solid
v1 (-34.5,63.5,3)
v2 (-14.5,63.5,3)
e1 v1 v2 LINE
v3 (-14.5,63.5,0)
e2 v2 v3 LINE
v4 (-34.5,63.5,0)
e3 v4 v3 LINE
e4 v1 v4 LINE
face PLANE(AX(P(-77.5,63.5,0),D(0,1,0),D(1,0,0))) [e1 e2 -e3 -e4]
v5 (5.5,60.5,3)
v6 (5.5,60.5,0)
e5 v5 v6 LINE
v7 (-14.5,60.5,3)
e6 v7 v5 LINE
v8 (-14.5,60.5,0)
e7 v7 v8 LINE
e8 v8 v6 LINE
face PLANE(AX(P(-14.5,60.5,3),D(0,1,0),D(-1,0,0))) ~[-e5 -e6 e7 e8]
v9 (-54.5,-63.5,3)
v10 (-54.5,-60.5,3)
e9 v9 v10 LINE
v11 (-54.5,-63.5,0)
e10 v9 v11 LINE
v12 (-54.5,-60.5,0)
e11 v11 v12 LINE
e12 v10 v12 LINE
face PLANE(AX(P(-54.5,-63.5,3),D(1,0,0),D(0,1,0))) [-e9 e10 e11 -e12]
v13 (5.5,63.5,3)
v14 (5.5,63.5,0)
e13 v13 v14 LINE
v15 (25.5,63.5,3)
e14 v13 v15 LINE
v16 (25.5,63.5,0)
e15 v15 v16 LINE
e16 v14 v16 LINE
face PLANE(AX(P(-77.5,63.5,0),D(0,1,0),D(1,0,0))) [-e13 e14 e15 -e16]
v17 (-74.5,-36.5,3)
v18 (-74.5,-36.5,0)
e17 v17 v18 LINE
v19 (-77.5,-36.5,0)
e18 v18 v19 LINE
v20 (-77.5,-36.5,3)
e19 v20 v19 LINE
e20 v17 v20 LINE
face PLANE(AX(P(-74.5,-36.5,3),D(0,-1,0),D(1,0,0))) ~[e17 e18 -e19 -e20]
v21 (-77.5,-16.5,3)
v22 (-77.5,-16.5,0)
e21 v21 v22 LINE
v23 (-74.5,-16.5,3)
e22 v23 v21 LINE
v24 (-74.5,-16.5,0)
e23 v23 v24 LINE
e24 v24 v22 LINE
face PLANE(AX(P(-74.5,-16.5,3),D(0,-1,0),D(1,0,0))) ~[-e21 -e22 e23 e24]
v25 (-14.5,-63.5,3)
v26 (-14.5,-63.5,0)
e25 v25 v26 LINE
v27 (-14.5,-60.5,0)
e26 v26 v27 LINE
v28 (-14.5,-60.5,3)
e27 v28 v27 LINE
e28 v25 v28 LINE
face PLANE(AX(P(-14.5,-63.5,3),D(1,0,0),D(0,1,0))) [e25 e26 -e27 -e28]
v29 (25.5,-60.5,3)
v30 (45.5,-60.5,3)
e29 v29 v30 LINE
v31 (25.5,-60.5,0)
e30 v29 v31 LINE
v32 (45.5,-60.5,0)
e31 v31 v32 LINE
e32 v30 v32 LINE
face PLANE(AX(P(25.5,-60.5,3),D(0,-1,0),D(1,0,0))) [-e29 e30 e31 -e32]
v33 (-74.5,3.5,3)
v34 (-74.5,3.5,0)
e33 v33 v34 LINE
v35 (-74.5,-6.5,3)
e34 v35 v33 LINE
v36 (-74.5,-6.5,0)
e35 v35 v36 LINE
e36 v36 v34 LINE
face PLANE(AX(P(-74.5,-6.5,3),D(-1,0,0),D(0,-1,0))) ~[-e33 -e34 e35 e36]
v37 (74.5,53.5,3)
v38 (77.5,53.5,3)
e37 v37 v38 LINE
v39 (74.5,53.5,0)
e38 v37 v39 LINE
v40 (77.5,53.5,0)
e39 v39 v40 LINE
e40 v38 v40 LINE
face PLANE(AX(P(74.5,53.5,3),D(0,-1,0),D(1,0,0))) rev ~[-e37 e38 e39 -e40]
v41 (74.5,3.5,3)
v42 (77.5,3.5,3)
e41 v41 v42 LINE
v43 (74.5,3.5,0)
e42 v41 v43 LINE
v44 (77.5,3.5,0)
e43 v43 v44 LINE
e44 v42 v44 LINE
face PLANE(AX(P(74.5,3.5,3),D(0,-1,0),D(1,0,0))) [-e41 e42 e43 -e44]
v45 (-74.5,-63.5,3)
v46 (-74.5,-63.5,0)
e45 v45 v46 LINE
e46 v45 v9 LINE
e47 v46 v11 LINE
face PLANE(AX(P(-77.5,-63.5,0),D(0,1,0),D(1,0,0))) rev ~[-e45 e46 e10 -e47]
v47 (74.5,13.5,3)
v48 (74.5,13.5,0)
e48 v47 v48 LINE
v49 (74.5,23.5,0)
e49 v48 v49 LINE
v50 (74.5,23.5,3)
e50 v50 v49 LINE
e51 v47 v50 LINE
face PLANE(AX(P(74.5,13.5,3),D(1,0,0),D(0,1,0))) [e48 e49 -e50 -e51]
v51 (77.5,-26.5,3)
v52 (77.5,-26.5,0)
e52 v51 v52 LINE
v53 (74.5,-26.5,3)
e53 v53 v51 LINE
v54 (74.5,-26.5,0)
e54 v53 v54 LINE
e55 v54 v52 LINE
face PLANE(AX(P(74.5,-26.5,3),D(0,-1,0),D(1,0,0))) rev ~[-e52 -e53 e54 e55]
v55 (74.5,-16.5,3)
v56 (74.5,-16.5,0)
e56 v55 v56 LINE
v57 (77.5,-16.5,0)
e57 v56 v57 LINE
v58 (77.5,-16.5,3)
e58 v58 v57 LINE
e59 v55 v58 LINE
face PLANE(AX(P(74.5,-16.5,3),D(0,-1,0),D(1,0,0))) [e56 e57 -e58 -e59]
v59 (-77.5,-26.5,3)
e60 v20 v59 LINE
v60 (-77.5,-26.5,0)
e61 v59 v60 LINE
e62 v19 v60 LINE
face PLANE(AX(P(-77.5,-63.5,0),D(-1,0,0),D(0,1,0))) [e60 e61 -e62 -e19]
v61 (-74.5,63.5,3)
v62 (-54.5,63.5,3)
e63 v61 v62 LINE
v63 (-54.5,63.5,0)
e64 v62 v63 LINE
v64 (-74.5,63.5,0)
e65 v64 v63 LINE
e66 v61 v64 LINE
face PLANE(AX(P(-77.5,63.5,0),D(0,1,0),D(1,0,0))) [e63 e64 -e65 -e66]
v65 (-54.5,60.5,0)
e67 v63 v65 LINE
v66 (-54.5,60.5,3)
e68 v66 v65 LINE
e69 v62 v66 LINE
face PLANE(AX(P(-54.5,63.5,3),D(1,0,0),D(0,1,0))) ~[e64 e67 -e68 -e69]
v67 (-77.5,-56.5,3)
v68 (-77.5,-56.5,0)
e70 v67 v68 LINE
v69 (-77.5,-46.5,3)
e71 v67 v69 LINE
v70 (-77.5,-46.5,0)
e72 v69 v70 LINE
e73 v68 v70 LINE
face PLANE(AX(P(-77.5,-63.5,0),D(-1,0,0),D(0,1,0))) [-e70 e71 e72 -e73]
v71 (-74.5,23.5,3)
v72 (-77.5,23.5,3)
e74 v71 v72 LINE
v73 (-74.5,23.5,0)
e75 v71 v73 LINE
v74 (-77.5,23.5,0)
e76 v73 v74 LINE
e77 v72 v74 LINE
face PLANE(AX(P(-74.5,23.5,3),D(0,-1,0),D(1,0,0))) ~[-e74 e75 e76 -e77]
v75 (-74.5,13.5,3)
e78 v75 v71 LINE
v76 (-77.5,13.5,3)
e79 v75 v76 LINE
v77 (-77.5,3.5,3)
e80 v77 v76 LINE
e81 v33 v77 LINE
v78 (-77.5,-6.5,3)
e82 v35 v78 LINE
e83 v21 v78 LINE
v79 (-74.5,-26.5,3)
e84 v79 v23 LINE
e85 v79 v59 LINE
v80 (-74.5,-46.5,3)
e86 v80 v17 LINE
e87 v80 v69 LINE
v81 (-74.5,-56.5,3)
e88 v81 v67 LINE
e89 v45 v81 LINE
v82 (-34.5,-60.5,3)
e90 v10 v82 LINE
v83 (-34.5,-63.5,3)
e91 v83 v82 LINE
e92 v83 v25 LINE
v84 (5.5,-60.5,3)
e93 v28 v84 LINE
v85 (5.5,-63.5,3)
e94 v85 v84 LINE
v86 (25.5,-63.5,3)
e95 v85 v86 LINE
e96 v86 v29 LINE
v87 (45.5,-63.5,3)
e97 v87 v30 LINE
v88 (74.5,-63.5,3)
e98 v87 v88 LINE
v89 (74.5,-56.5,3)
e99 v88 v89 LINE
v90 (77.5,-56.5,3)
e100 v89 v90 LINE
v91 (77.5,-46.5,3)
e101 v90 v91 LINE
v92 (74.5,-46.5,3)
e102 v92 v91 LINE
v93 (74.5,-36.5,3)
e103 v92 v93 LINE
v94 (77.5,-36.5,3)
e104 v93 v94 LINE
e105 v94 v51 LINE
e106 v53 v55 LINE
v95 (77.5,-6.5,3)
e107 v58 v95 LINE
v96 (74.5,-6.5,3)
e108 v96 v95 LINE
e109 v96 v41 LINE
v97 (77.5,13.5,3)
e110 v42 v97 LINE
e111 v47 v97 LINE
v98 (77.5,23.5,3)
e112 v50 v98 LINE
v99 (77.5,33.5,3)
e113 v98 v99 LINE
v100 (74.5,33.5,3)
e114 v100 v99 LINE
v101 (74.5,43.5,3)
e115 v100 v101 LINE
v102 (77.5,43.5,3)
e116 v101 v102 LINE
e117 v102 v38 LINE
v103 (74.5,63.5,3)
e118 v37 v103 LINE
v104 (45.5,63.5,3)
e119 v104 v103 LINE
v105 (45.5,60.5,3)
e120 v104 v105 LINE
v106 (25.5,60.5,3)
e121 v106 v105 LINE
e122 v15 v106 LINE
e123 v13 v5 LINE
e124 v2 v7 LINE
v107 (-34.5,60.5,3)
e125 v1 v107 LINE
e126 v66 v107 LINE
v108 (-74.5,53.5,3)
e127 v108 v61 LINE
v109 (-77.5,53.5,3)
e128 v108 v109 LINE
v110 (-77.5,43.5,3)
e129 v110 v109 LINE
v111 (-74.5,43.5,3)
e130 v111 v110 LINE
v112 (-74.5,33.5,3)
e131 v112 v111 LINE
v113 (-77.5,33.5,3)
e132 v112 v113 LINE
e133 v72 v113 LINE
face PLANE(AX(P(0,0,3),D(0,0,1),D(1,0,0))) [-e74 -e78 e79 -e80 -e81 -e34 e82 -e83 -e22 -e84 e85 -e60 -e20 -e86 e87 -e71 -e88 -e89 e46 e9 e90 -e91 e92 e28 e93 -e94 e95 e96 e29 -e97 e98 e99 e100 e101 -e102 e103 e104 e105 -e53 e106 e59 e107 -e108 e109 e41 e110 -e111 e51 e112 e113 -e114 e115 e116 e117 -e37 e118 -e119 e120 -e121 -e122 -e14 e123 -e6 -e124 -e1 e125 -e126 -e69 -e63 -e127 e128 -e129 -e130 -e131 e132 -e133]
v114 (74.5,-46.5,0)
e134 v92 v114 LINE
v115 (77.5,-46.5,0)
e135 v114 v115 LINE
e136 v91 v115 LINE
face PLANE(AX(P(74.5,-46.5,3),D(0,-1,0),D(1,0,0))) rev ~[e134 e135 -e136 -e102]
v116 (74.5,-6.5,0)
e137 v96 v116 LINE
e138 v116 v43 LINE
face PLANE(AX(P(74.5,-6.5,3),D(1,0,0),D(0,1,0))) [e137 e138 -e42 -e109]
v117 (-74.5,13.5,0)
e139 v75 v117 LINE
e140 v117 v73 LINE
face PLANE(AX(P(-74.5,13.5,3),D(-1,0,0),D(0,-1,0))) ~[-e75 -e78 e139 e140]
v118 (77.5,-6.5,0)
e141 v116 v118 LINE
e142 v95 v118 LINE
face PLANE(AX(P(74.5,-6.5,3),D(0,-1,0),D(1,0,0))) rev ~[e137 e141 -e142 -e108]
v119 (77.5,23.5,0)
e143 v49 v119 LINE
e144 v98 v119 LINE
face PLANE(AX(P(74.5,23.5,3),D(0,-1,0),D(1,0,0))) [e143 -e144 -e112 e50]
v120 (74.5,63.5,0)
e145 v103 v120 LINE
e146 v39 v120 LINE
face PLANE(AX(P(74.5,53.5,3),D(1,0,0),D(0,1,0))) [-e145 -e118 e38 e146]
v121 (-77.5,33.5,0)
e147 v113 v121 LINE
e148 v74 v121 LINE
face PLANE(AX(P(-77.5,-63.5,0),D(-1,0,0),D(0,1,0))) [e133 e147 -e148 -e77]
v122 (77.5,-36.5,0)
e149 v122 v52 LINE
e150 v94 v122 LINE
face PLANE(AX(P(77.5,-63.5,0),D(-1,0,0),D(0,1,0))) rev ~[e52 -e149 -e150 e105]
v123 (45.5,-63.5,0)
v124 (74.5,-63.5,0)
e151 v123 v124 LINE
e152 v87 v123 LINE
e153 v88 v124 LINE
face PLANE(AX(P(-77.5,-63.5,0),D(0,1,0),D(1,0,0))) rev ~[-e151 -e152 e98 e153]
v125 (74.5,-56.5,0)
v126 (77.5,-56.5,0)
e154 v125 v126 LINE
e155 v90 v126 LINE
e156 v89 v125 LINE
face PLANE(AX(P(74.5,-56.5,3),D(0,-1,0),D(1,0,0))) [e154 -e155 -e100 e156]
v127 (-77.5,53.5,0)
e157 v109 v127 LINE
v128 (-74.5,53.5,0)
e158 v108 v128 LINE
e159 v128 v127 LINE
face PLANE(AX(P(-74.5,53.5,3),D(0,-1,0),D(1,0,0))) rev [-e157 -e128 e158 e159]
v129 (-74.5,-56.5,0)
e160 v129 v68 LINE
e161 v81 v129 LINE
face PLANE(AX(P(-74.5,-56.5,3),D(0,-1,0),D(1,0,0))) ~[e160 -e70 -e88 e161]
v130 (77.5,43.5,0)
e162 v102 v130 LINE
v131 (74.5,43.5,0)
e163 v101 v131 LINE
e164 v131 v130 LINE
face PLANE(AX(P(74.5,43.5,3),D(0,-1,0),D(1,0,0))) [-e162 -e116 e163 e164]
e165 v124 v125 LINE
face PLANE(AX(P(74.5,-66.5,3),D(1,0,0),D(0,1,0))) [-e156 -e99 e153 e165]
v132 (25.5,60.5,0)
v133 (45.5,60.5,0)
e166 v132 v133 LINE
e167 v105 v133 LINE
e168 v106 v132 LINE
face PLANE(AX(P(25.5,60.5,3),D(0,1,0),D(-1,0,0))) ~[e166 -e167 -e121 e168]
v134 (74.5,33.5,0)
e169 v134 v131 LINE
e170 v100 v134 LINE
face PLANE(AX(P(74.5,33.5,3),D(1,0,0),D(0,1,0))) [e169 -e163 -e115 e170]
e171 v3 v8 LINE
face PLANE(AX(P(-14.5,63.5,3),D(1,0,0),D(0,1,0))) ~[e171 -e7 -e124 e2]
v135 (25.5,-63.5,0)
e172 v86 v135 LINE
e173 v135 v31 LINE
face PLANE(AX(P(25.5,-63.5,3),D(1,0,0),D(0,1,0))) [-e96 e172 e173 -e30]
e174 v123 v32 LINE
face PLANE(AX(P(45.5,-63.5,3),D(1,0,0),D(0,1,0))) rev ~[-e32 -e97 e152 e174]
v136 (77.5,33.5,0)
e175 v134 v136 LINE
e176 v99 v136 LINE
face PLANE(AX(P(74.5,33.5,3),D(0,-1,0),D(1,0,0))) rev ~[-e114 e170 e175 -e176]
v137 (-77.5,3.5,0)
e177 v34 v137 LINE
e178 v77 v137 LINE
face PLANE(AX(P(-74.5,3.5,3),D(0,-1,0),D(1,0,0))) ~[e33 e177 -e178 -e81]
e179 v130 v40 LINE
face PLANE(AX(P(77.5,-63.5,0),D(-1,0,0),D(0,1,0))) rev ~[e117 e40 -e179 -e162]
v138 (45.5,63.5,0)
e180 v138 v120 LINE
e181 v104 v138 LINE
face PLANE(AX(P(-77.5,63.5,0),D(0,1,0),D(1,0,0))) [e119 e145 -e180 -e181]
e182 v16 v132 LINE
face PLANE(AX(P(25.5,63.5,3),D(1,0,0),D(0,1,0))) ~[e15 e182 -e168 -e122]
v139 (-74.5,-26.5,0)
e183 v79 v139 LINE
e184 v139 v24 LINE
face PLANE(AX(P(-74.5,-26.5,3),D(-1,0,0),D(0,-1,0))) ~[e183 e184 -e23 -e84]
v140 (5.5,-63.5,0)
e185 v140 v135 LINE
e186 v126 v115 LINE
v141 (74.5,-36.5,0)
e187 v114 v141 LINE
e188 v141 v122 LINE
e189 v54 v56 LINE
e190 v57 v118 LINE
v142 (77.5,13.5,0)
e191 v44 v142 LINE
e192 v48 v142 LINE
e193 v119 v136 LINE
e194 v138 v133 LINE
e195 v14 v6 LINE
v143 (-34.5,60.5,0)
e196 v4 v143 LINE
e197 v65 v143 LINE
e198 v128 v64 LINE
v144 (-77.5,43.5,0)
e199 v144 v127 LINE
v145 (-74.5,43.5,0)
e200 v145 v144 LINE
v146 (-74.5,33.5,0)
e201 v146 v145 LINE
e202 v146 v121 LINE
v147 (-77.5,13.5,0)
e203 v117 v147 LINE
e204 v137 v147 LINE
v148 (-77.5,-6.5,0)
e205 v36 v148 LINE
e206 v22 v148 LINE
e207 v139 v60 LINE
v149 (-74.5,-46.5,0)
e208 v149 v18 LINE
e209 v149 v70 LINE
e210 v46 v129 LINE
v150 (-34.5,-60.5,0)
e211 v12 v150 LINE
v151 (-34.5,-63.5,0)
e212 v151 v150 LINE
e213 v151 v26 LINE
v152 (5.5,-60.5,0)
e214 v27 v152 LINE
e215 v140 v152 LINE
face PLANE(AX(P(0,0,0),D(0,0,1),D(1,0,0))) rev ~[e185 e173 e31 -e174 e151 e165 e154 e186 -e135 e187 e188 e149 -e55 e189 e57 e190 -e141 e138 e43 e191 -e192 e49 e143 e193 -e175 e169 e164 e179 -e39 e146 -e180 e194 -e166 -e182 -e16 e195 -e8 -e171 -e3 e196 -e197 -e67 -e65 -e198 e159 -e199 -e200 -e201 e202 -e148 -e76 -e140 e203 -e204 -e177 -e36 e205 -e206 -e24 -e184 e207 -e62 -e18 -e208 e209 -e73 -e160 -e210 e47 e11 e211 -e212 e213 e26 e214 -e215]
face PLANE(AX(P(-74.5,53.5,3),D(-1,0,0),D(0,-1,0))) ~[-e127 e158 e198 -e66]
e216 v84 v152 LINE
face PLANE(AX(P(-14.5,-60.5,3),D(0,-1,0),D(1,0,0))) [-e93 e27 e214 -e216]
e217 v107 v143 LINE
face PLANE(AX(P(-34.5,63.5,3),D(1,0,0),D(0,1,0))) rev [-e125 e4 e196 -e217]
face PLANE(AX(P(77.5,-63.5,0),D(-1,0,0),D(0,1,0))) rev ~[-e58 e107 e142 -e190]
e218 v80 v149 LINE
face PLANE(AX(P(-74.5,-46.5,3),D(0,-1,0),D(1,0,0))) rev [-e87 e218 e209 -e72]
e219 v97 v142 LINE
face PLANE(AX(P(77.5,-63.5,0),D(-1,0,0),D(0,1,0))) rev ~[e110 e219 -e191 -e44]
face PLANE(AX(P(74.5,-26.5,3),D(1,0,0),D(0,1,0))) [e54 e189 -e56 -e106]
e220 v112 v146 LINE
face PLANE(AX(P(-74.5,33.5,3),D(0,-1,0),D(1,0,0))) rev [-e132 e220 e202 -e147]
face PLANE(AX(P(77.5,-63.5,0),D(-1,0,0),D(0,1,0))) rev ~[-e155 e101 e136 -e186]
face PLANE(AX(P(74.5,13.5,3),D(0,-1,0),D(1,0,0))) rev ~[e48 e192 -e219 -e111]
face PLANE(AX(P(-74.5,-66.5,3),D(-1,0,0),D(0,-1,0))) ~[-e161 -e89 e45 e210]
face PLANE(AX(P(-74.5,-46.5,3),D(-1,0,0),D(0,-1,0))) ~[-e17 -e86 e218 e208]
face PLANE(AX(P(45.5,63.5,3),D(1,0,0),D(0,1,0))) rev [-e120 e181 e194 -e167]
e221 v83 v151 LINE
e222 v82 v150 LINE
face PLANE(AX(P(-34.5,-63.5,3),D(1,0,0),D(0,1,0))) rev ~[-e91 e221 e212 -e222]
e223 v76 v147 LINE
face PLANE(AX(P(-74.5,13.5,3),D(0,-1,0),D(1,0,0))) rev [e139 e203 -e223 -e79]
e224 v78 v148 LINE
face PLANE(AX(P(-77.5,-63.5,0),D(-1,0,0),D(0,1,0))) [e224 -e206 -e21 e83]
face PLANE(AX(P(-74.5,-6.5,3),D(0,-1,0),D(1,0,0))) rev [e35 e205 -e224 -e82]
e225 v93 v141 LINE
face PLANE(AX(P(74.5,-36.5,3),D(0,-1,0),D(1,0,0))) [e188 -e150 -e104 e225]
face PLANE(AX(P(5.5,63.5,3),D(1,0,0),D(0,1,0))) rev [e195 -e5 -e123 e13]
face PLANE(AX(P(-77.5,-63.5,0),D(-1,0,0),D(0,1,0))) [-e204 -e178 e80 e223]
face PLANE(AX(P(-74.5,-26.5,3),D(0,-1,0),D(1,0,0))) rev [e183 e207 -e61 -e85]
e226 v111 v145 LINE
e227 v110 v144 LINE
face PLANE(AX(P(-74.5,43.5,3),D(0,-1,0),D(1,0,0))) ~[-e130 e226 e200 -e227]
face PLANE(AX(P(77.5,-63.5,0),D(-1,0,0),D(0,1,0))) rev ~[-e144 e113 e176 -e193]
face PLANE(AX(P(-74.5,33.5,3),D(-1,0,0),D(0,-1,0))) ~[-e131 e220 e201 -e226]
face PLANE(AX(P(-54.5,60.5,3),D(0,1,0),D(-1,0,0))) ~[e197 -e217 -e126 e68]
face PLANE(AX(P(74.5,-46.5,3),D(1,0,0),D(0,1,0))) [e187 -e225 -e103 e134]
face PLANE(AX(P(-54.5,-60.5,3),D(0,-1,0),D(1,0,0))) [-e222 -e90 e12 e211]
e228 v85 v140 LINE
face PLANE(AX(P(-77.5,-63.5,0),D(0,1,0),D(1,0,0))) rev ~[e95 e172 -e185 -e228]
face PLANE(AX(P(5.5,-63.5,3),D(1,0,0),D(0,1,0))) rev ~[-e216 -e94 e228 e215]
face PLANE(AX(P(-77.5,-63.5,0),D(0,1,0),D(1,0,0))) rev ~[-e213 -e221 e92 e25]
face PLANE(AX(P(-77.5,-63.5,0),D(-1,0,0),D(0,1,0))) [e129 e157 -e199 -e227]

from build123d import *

# Parameters (mm, degrees)
SKETCH_W        = 155
SKETCH_H        = 127
PAD_DEPTH       = 3
SKETCH001_W     = 3
SKETCH001_H     = 10
POCKET_DEPTH    = 403.815171
SKETCH002_W     = 20
SKETCH002_H     = 3
POCKET001_DEPTH = 403.815171


with BuildPart() as part:
    # Sketch → Pad (new body)
    with BuildSketch(Plane.XY):
        Rectangle(SKETCH_W, SKETCH_H)
    extrude(amount=PAD_DEPTH)

    # Sketch001 (on Face6 of Pad) → Pocket (cut, through all)
    with BuildSketch(Plane.XY.offset(3)):
        with Locations((76, 58.5)):
            Rectangle(SKETCH001_W, SKETCH001_H)
        with Locations((76, 38.5)):
            Rectangle(SKETCH001_W, SKETCH001_H)
        with Locations((76, 18.5)):
            Rectangle(SKETCH001_W, SKETCH001_H)
        with Locations((76, -1.5)):
            Rectangle(SKETCH001_W, SKETCH001_H)
        with Locations((76, -21.5)):
            Rectangle(SKETCH001_W, SKETCH001_H)
        with Locations((76, -41.5)):
            Rectangle(SKETCH001_W, SKETCH001_H)
        with Locations((76, -61.5)):
            Rectangle(SKETCH001_W, SKETCH001_H)
    pocket = extrude(amount=-POCKET_DEPTH, mode=Mode.SUBTRACT)

    # Mirrored: Pocket across Sketch001 V_Axis
    add(pocket.mirror(Plane(origin=(0, 0, 3), x_dir=(0, 0, 1), z_dir=(1, 0, 0))), mode=Mode.SUBTRACT)

    # Sketch002 (on Face4 of Mirrored) → Pocket001 (cut, through all)
    with BuildSketch(Plane.XY.offset(3)):
        with Locations((-44.5, -62)):
            Rectangle(SKETCH002_W, SKETCH002_H)
        with Locations((-4.5, -62)):
            Rectangle(SKETCH002_W, SKETCH002_H)
        with Locations((35.5, -62)):
            Rectangle(SKETCH002_W, SKETCH002_H)
    pocket001 = extrude(amount=-POCKET001_DEPTH, mode=Mode.SUBTRACT)

    # Mirrored001: Pocket001 across Sketch002 H_Axis
    add(pocket001.mirror(Plane(origin=(0, 0, 3), x_dir=(0, 0, 1), z_dir=(0, 1, 0))), mode=Mode.SUBTRACT)


solid = part.part
